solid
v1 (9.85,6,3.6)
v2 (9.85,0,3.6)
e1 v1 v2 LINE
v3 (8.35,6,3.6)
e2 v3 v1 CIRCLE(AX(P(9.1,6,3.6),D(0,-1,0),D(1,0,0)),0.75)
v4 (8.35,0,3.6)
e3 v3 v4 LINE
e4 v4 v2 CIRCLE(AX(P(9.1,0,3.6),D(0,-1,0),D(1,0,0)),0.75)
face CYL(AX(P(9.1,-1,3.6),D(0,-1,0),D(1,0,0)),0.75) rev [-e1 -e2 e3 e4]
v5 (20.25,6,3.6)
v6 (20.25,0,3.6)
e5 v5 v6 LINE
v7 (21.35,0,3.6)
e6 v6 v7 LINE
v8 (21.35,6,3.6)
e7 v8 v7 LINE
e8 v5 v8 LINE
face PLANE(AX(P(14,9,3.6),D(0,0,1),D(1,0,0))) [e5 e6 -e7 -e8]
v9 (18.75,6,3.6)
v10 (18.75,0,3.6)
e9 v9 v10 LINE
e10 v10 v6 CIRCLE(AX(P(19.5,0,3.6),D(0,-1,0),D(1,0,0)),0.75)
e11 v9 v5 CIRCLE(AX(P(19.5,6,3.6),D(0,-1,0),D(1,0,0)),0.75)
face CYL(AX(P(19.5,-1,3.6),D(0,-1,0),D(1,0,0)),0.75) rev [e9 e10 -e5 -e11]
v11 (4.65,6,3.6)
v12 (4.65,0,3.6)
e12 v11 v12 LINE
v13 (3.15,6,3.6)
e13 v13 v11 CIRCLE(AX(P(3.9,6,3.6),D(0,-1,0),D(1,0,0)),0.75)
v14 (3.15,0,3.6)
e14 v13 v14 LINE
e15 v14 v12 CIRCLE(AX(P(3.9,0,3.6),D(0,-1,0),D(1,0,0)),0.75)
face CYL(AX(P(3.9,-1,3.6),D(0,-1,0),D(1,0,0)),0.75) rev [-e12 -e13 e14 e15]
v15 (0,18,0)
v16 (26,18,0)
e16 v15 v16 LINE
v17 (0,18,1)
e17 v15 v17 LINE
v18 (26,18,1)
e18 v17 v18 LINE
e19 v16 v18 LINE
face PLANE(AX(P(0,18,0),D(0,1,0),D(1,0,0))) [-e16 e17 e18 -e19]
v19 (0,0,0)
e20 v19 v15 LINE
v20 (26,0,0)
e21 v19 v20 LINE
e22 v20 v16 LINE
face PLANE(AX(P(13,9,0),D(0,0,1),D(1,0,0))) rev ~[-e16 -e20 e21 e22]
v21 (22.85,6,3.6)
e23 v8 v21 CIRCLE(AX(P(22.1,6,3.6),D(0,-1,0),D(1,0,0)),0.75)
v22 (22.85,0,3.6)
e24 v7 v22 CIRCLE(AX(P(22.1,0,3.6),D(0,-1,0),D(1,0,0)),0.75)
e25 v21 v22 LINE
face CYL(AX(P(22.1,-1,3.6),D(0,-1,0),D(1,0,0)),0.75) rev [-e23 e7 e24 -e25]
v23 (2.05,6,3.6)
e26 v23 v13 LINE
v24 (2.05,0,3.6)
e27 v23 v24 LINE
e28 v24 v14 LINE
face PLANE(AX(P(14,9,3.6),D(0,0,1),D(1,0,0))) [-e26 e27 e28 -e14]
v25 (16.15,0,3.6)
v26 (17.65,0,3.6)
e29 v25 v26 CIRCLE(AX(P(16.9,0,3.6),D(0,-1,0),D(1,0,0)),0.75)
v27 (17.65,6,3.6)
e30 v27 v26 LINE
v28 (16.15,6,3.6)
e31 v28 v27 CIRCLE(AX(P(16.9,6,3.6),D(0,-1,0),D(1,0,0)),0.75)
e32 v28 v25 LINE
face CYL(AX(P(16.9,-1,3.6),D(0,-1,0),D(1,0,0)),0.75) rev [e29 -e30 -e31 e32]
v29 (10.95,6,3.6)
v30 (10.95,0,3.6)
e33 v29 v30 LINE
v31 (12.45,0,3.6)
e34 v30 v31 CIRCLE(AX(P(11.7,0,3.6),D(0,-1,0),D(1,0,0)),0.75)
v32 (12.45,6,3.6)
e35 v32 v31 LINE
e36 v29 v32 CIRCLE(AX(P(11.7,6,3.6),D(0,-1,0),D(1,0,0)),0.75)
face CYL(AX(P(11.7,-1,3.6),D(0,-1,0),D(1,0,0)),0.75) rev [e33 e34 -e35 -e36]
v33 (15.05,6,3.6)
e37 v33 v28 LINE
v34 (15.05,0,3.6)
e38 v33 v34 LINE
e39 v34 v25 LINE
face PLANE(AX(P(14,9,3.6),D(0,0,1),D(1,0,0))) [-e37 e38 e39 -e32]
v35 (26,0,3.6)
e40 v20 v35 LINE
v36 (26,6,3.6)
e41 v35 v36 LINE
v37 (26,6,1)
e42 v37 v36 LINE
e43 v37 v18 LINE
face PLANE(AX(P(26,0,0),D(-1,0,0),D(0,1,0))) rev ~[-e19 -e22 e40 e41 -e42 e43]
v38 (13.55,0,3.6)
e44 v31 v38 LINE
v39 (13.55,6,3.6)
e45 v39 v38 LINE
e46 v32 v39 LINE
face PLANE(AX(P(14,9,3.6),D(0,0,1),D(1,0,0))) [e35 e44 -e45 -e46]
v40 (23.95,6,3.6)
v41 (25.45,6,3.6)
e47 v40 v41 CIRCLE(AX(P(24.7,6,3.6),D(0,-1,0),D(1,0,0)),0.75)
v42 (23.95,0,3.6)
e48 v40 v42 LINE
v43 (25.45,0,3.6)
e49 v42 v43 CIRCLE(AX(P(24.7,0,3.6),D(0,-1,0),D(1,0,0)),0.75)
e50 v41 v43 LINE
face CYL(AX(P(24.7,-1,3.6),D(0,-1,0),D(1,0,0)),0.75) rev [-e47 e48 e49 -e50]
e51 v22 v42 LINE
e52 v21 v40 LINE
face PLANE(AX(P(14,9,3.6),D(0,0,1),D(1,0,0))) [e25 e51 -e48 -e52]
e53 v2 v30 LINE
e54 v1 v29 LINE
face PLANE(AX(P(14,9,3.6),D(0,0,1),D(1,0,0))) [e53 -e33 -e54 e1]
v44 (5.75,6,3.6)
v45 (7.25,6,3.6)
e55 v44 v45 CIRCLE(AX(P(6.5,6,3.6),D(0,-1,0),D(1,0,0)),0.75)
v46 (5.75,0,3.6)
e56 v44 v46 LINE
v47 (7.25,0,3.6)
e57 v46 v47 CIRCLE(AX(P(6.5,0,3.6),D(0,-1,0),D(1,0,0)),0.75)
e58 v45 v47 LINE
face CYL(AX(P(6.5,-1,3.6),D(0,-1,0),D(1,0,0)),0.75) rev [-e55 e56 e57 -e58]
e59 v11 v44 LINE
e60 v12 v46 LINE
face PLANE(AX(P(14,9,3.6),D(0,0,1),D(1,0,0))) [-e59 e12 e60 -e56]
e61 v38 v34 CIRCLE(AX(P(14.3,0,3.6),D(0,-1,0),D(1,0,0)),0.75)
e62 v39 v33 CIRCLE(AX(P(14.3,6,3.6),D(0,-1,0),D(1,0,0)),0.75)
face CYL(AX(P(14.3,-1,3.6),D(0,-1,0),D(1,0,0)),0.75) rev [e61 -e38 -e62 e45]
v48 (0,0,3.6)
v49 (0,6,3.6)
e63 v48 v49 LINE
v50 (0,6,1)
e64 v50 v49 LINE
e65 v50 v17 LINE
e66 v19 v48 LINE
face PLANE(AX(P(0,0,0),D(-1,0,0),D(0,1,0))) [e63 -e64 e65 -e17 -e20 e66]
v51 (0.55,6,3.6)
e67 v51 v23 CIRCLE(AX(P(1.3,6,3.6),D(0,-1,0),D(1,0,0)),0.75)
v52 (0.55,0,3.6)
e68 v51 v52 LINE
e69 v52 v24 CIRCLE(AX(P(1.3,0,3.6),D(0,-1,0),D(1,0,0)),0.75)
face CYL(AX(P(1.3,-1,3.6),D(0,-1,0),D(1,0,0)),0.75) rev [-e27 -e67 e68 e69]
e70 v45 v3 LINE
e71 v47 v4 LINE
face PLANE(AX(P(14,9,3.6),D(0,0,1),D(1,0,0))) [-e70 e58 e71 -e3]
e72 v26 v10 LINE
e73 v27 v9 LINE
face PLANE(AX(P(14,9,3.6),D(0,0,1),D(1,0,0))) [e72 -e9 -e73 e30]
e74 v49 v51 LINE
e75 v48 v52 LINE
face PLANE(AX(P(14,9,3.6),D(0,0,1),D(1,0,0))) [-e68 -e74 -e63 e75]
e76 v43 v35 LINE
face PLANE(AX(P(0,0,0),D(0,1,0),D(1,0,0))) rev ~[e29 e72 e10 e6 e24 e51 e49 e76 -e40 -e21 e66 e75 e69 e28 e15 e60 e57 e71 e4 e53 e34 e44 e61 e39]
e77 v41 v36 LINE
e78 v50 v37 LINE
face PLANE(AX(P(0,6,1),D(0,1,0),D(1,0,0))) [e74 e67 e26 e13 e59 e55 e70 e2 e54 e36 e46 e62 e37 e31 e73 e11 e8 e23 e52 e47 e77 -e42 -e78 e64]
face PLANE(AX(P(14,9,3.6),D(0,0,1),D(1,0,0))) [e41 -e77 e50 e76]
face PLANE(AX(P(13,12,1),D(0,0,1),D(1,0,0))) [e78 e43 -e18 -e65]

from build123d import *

# Parameters (mm, degrees)
BOX026_W          = 30
BOX026_H          = 20
BOX026_DEPTH      = 9.2
CYLINDER008_R     = 0.75
CYLINDER008_DEPTH = 7
ARRAY008_X_COUNT  = 10
ARRAY008_X_PITCH  = 2.6
ARRAY008_Y_COUNT  = 2
ARRAY008_Y_PITCH  = 1
BOX025_W          = 26
BOX025_H          = 12
BOX025_DEPTH      = 5.2
BOX024_W          = 26
BOX024_H          = 18
BOX024_DEPTH      = 7.2


with BuildPart() as cortador008:
    # Box026 → Box026 (new body)
    with BuildSketch(Plane(origin=(-1, -1, 3.6), x_dir=(1, 0, 0), z_dir=(0, 0, 1))):
        with Locations((15, 10)):
            Rectangle(BOX026_W, BOX026_H)
    extrude(amount=BOX026_DEPTH)


with BuildPart() as array008:
    # Cylinder008 → Cylinder008 (new body)
    with BuildSketch(Plane(origin=(1.3, -1, 3.6), x_dir=(1, 0, 0), z_dir=(0, 1, 0))):
        Circle(CYLINDER008_R)
    extrude(amount=CYLINDER008_DEPTH)

    # Array008 X: Array008 ×10


with BuildPart() as array008_1:
    add(array008.part)
    with Locations(*[(i * ARRAY008_X_PITCH, 0, 0) for i in range(1, ARRAY008_X_COUNT)]):
        add(array008.part)

    # Array008 Y: Array008 ×2


with BuildPart() as array008_2:
    add(array008_1.part)
    with Locations(*[(0, i * ARRAY008_Y_PITCH, 0) for i in range(1, ARRAY008_Y_COUNT)]):
        add(array008_1.part)


with BuildPart() as cube_10_base011:
    # Box025 → Box025 (new body)
    with BuildSketch(Plane(origin=(0, 6, 1), x_dir=(1, 0, 0), z_dir=(0, 0, 1))):
        with Locations((13, 6)):
            Rectangle(BOX025_W, BOX025_H)
    extrude(amount=BOX025_DEPTH)


with BuildPart() as bloque_10_arriba:
    # Box024 → Box024 (new body)
    with BuildSketch(Plane.XY):
        with Locations((13, 9)):
            Rectangle(BOX024_W, BOX024_H)
    extrude(amount=BOX024_DEPTH)

    # Cut025: cut cube_10_base011
    add(cube_10_base011.part, mode=Mode.SUBTRACT)

    # Cut024: cut Array008
    add(array008_2.part, mode=Mode.SUBTRACT)

    # Cut027: cut cortador008
    add(cortador008.part, mode=Mode.SUBTRACT)


solid = bloque_10_arriba.part
